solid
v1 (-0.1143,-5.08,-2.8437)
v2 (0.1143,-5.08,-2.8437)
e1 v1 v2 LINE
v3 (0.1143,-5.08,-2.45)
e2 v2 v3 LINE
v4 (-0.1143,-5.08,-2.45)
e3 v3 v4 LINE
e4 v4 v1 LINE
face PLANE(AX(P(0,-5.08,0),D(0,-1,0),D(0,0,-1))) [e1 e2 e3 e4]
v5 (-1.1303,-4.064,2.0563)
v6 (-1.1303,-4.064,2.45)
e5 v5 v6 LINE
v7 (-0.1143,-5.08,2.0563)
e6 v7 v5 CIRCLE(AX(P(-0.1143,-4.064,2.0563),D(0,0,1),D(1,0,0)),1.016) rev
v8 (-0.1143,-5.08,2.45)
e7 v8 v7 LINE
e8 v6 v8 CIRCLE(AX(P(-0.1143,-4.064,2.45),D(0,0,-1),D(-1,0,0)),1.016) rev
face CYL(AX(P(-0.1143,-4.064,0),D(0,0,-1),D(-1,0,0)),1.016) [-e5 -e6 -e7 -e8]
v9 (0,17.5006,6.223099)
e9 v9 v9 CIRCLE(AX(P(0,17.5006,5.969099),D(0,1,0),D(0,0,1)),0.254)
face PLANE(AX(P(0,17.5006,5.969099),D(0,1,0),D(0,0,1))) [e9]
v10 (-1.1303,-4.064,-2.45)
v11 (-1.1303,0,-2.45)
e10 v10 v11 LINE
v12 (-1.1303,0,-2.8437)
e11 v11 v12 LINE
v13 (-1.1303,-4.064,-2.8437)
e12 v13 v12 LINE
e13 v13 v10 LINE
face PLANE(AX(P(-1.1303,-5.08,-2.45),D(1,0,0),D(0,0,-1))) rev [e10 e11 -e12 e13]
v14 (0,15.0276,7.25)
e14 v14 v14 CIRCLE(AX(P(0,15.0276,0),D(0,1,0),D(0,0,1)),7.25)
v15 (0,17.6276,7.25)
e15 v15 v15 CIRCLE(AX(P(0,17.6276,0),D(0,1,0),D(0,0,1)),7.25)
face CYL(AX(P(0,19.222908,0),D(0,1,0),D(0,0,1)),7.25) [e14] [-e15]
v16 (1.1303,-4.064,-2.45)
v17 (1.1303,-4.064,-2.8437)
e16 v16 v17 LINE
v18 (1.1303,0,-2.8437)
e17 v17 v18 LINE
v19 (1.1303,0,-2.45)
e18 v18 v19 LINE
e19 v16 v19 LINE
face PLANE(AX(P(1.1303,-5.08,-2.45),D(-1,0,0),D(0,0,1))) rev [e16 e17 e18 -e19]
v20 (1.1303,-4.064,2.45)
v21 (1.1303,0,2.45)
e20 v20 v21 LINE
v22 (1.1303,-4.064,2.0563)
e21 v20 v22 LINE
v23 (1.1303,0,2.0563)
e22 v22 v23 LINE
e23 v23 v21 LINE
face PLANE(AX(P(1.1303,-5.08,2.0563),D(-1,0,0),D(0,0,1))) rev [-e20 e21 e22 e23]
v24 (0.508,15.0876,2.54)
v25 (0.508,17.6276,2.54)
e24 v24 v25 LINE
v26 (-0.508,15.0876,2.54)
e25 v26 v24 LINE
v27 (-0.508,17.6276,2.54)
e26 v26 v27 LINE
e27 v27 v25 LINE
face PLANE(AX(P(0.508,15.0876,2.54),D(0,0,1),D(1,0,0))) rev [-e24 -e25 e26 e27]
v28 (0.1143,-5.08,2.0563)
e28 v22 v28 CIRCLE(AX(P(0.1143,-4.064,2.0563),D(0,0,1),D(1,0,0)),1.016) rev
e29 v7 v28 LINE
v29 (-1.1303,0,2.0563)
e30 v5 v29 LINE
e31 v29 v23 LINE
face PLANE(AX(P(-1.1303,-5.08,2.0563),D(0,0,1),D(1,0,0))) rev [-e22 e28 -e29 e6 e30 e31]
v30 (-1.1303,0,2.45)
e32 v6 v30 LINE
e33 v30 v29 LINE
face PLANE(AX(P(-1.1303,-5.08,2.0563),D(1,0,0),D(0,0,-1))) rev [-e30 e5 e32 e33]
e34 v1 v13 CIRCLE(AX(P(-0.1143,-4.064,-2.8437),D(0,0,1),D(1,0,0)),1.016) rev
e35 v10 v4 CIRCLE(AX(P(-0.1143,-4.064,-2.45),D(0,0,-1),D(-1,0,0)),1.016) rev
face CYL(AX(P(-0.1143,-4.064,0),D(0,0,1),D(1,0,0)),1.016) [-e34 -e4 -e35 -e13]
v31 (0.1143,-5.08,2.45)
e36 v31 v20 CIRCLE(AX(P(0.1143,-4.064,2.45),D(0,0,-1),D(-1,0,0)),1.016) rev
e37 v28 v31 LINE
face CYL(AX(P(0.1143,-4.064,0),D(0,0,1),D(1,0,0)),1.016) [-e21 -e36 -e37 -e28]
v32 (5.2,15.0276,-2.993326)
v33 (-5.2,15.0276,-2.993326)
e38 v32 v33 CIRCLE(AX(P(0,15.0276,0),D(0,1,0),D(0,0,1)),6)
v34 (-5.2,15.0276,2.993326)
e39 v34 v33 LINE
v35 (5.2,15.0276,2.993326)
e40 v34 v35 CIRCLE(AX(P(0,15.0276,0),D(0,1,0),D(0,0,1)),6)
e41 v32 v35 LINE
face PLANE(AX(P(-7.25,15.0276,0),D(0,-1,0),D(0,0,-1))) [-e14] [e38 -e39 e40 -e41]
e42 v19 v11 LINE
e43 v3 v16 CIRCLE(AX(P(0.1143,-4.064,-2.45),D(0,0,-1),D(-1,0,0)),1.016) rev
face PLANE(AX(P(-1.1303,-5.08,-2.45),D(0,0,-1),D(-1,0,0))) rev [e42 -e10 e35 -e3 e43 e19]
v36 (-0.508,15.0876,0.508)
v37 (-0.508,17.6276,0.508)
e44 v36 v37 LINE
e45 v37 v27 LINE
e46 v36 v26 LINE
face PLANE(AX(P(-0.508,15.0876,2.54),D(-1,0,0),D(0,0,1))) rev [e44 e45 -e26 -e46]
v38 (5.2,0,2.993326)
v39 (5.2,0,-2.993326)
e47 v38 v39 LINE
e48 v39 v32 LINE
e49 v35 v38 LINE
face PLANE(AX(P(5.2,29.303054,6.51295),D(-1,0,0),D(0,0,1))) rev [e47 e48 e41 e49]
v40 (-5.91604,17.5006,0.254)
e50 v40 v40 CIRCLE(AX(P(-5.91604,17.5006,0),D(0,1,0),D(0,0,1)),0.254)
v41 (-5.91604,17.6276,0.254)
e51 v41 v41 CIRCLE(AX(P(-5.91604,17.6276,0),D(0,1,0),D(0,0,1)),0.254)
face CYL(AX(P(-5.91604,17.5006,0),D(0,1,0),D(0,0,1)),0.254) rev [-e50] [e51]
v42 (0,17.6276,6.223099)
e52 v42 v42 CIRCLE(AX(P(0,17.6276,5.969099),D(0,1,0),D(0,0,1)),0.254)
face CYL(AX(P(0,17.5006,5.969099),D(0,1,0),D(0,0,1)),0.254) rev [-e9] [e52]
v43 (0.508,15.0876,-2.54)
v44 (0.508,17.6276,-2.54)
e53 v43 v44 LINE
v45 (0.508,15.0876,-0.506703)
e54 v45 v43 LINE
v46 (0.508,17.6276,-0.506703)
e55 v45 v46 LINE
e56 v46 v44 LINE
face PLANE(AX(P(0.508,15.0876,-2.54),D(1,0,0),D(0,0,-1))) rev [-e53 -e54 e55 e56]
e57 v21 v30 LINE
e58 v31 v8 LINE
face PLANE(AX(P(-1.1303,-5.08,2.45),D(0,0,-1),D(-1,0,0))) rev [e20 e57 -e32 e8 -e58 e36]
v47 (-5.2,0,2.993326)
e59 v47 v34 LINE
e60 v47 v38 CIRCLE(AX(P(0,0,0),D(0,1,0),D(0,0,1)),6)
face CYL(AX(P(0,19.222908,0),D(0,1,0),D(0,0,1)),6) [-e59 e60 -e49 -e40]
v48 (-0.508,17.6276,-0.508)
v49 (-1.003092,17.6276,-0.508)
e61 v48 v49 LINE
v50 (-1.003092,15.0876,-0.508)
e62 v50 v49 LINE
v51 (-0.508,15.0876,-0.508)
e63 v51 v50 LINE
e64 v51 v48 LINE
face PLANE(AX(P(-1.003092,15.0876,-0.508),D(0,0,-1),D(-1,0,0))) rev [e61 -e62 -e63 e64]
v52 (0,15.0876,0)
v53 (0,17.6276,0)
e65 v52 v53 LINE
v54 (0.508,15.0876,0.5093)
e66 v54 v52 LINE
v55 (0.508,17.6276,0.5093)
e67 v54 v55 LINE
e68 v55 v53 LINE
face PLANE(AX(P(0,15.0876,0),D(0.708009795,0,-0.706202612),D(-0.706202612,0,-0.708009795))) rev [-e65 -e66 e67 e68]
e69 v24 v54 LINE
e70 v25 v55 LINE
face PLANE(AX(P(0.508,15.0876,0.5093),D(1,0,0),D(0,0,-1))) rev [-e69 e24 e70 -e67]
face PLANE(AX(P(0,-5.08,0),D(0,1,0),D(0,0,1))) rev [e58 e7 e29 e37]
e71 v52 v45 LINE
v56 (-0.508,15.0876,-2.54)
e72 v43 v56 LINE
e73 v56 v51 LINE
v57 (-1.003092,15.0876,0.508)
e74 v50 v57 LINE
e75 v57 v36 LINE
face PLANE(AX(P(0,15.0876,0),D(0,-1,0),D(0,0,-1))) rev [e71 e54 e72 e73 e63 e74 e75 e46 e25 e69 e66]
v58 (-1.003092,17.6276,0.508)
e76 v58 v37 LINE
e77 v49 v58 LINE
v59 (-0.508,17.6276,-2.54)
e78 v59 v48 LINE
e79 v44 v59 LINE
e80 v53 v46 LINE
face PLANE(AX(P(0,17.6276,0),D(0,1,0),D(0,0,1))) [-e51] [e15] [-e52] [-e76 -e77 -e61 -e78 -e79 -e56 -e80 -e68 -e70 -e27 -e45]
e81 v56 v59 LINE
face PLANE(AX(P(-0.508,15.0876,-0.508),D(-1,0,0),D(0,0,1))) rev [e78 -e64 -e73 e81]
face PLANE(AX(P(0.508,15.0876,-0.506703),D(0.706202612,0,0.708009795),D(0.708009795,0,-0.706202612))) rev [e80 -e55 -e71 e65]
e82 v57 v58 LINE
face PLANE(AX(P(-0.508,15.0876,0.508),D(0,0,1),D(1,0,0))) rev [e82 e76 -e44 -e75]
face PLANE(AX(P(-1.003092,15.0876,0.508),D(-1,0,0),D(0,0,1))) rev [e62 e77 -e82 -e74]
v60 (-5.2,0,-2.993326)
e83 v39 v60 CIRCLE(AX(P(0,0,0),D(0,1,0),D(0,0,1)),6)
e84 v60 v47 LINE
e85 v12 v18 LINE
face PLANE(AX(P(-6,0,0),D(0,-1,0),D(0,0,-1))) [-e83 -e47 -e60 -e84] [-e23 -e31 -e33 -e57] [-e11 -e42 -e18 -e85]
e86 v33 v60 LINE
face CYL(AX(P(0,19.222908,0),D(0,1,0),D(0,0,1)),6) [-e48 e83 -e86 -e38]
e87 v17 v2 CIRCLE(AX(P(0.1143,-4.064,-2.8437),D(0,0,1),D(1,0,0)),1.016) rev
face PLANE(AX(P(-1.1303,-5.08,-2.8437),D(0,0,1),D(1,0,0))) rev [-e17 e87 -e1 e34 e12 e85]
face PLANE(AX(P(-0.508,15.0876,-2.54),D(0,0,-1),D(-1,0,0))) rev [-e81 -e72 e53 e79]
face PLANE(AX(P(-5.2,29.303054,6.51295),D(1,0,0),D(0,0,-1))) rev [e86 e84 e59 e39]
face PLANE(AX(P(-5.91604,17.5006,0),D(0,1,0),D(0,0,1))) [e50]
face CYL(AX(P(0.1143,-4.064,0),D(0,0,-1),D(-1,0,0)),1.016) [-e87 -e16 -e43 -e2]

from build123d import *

# Parameters (mm, degrees)
SKETCH2_W           = 3.302901435
SKETCH2_H           = 13.888103622
CUT_EXTRUDE1_DEPTH  = 15.0276
SKETCH3_W           = 2.2606
SKETCH3_H           = 0.3937
BOSS_EXTRUDE1_DEPTH = 5.08
FILLET1_R           = 1.016
CUT_EXTRUDE2_DEPTH  = 2.54
SKETCH5_R           = 0.254
CUT_EXTRUDE3_DEPTH  = 0.127


with BuildPart() as part:
    # Sketch1 → Revolve1 (revolve)
    with BuildSketch(Plane.XY, mode=Mode.PRIVATE) as revolve1_sk:
        Polygon((0, 17.6276), (-7.25, 17.6276), (-7.25, 15.0276), (-6, 15.0276), (-6, 0), (0, 0), align=None)
    revolve(revolve1_sk.sketch.rotate(Axis((0, 19.222907737, 0), (0, -1, 0)), 270), axis=Axis((0, 19.222907737, 0), (0, -1, 0)))

    # Sketch2 → Cut-Extrude1 (cut)
    with BuildSketch(Plane.XZ):
        with Locations((-6.851450718, -0.431101593)):
            Rectangle(SKETCH2_W, SKETCH2_H)
        with Locations((6.851450718, -0.431101593)):
            Rectangle(SKETCH2_W, SKETCH2_H)
    extrude(amount=-CUT_EXTRUDE1_DEPTH, mode=Mode.SUBTRACT)

    # Sketch3 → Boss-Extrude1 (add)
    with BuildSketch(Plane.XZ):
        with Locations((0, 2.25315)):
            Rectangle(SKETCH3_W, SKETCH3_H)
        with Locations((0, -2.64685)):
            Rectangle(SKETCH3_W, SKETCH3_H)
    extrude(amount=BOSS_EXTRUDE1_DEPTH)

    # Fillet1
    fillet1_edges = [part.edges().sort_by_distance(p)[0] for p in [
        (1.1303, -5.08, 2.25315),
        (-1.1303, -5.08, 2.25315),
        (1.1303, -5.08, -2.64685),
        (-1.1303, -5.08, -2.64685),
    ]]
    fillet(fillet1_edges, radius=FILLET1_R)

    # Sketch4 → Cut-Extrude2 (cut)
    with BuildSketch(Plane(origin=(0, 17.6276, 0), x_dir=(1, 0, 0), z_dir=(0, 1, 0))):
        Polygon((0.508, 2.54), (0.508, 0.506703339), (0, 0), (0.508, -0.509299979), (0.508, -2.54), (-0.508, -2.54), (-0.508, -0.508), (-1.003091962, -0.508), (-1.003091962, 0.508), (-0.508, 0.508), (-0.508, 2.54), align=None)
    extrude(amount=-CUT_EXTRUDE2_DEPTH, mode=Mode.SUBTRACT)

    # Sketch5 → Cut-Extrude3 (cut)
    with BuildSketch(Plane(origin=(0, 17.6276, 0), x_dir=(1, 0, 0), z_dir=(0, 1, 0))):
        with Locations(Location((-5.91604032, 0, 0), (0, 0, 270))):
            Circle(SKETCH5_R)
        with Locations(Location((0, -5.969098978, 0), (0, 0, 270))):
            Circle(SKETCH5_R)
    extrude(amount=-CUT_EXTRUDE3_DEPTH, mode=Mode.SUBTRACT)


solid = part.part
